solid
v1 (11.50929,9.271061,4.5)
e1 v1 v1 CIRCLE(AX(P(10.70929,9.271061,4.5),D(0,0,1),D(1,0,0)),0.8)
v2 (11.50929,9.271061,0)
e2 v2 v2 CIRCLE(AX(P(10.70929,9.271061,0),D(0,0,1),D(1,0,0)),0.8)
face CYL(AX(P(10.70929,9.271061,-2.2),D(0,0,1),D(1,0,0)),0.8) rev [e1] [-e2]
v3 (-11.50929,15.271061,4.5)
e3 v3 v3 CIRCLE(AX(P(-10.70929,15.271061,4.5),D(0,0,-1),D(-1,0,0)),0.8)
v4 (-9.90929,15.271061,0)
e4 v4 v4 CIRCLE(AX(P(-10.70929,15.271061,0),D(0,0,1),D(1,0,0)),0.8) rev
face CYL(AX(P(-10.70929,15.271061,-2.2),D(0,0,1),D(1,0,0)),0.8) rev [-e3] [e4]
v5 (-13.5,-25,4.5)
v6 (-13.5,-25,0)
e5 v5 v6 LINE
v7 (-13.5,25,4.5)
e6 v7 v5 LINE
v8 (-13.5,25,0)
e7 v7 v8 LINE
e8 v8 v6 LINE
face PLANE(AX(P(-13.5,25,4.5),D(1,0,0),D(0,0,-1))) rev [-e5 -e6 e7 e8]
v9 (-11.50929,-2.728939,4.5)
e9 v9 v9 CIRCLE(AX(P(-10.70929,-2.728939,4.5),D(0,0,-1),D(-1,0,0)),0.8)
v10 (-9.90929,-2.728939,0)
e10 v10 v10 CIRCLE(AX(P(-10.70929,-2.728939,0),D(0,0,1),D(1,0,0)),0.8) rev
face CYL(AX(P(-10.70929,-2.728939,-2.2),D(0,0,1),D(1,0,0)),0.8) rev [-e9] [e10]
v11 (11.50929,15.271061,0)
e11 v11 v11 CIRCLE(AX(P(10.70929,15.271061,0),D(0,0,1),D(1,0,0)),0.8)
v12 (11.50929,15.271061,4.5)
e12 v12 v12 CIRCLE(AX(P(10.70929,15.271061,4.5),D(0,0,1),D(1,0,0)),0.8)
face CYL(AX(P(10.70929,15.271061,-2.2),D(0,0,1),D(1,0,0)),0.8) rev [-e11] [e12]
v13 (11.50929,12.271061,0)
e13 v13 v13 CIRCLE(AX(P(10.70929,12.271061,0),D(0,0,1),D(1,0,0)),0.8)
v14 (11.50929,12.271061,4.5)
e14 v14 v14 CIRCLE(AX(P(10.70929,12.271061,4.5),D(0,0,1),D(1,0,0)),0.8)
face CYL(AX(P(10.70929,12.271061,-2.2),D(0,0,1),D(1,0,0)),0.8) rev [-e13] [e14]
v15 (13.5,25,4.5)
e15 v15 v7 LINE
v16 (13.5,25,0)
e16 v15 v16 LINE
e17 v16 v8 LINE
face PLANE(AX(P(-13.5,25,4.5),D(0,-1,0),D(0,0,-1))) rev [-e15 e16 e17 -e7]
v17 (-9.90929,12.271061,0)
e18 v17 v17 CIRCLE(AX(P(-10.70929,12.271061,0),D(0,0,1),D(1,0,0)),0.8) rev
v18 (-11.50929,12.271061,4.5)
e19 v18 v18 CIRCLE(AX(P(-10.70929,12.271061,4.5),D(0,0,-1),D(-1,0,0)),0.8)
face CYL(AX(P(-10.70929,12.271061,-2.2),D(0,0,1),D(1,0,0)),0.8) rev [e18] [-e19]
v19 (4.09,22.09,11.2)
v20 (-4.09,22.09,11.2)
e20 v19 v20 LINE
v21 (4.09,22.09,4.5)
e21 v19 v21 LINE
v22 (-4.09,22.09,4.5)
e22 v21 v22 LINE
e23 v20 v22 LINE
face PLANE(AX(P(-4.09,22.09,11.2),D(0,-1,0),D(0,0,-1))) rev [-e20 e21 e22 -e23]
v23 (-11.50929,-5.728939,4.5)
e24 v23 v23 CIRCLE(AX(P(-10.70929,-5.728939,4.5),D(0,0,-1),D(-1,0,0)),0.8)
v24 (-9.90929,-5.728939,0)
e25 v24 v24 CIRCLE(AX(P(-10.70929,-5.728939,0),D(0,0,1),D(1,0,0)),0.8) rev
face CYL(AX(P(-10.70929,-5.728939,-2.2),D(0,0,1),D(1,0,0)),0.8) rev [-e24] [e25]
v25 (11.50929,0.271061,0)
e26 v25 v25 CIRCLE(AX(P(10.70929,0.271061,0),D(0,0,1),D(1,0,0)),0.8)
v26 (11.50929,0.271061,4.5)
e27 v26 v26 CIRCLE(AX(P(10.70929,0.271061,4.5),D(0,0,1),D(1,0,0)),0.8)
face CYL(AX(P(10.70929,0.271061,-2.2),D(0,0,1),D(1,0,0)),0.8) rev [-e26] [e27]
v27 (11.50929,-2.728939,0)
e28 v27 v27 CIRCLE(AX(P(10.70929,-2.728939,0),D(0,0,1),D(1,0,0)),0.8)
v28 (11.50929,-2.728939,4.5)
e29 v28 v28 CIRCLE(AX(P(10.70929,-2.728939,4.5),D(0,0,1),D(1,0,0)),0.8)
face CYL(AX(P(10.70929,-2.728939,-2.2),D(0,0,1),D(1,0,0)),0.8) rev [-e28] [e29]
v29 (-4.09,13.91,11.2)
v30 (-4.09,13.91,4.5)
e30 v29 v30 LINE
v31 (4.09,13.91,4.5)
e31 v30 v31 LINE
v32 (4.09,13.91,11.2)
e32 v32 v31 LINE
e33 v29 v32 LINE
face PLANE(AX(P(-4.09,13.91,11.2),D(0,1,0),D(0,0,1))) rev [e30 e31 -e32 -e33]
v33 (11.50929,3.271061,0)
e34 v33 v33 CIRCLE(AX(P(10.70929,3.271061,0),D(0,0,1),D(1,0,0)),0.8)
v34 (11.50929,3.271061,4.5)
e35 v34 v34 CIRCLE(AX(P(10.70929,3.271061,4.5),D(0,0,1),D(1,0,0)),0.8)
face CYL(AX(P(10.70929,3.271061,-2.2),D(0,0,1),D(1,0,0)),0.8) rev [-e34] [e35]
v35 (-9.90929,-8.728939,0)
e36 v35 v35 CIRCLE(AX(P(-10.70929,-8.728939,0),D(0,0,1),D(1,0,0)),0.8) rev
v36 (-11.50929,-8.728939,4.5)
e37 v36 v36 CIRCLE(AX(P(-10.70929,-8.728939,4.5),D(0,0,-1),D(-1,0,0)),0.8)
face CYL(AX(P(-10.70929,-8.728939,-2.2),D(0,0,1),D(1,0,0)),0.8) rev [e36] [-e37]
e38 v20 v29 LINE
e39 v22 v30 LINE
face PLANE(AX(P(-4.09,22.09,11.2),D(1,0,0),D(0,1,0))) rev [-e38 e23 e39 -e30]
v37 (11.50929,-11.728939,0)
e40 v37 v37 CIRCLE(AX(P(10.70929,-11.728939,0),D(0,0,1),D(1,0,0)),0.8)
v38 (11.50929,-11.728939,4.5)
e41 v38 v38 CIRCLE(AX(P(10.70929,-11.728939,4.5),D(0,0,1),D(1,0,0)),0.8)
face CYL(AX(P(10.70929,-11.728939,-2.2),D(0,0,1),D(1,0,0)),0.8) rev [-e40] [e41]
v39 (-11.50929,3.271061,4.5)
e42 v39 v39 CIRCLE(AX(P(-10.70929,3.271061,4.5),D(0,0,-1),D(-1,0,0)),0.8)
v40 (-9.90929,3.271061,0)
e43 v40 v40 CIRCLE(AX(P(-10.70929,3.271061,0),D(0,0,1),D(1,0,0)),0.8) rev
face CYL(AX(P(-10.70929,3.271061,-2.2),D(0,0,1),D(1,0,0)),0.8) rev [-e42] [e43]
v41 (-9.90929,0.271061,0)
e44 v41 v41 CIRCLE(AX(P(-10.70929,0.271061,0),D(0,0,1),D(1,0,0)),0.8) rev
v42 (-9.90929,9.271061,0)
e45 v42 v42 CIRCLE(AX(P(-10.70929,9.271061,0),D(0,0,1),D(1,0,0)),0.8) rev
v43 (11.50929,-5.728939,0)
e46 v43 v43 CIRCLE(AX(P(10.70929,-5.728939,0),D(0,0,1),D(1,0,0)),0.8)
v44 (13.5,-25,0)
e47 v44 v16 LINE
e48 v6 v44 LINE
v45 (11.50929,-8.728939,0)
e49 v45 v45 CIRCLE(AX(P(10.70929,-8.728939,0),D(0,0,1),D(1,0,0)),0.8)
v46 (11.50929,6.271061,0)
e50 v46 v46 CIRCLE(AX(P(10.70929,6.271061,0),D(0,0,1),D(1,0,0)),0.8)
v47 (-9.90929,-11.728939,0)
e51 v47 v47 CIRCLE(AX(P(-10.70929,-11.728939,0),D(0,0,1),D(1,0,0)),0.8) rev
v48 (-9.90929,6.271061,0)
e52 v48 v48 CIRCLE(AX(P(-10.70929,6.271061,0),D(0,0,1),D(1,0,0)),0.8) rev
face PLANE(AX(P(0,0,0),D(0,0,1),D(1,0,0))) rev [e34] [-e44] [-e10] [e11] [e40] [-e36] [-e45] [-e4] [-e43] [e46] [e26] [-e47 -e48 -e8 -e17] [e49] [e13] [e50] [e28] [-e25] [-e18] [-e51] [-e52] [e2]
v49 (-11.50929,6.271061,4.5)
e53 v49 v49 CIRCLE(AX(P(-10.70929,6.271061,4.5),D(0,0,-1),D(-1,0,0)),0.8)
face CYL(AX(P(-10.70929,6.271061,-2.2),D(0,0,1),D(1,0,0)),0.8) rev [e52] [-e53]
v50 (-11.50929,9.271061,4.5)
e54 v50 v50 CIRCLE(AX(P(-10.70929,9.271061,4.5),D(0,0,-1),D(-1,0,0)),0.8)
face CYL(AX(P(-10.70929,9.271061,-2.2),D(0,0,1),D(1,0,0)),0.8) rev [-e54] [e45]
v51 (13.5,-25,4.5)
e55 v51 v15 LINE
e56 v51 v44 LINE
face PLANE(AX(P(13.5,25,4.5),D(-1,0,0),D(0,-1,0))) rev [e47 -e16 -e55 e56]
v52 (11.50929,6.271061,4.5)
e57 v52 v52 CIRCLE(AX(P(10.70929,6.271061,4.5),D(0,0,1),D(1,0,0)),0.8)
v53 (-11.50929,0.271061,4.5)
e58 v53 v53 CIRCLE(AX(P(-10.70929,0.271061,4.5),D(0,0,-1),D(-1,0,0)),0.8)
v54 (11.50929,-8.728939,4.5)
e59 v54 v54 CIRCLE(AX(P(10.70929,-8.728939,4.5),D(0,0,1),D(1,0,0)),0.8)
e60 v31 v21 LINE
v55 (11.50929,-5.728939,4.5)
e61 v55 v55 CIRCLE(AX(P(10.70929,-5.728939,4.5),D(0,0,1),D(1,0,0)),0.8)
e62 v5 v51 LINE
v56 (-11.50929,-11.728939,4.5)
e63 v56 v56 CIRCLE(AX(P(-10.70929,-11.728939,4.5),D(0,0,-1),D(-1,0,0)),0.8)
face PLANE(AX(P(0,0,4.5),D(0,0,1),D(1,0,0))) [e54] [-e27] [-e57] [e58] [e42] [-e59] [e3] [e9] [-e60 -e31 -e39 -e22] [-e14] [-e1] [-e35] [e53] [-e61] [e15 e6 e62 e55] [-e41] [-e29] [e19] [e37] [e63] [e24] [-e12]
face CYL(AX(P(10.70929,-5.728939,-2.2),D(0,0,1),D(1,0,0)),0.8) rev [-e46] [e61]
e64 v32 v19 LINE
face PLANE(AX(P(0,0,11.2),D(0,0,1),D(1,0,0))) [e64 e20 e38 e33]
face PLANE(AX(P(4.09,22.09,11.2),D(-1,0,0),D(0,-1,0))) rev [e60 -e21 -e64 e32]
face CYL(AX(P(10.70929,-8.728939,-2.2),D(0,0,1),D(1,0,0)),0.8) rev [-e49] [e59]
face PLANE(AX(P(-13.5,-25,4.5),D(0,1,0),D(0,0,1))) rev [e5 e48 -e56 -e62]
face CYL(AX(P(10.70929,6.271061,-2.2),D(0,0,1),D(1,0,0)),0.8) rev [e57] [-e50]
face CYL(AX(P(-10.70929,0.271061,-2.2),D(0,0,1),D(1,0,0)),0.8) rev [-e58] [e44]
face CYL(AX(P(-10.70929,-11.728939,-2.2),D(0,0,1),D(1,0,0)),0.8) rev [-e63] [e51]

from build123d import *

# Parameters (mm, degrees)
SKETCH1_W           = 27
SKETCH1_H           = 50
BOSS_EXTRUDE1_DEPTH = 4.5
SKETCH2_W           = 8.18
SKETCH2_H           = 8.18
BOSS_EXTRUDE2_DEPTH = 6.7
SKETCH3_R           = 0.8
CUT_EXTRUDE1_DEPTH  = 6.7


with BuildPart() as part:
    # Sketch1 → Boss-Extrude1 (new body)
    with BuildSketch(Plane.XY):
        Rectangle(SKETCH1_W, SKETCH1_H)
    extrude(amount=BOSS_EXTRUDE1_DEPTH)

    # Sketch2 → Boss-Extrude2 (add)
    with BuildSketch(Plane.XY.offset(4.5)):
        with Locations((0, 18)):
            Rectangle(SKETCH2_W, SKETCH2_H)
    extrude(amount=BOSS_EXTRUDE2_DEPTH)

    # Sketch3 → Cut-Extrude1 (cut)
    with BuildSketch(Plane.XY.offset(4.5)):
        with Locations((10.7092899, 15.271061343)):
            Circle(SKETCH3_R)
        with Locations((10.7092899, 12.271061343)):
            Circle(SKETCH3_R)
        with Locations((10.7092899, 9.271061343)):
            Circle(SKETCH3_R)
        with Locations((10.7092899, 6.271061343)):
            Circle(SKETCH3_R)
        with Locations((10.7092899, 3.271061343)):
            Circle(SKETCH3_R)
        with Locations((10.7092899, 0.271061343)):
            Circle(SKETCH3_R)
        with Locations((10.7092899, -2.728938657)):
            Circle(SKETCH3_R)
        with Locations((10.7092899, -5.728938657)):
            Circle(SKETCH3_R)
        with Locations((10.7092899, -8.728938657)):
            Circle(SKETCH3_R)
        with Locations((10.7092899, -11.728938657)):
            Circle(SKETCH3_R)
    cut_extrude1 = extrude(amount=-CUT_EXTRUDE1_DEPTH, mode=Mode.SUBTRACT)

    # Mirror1: Cut-Extrude1 across plane
    add(cut_extrude1.mirror(Plane(origin=(0, 0, 0), x_dir=(0, 0, 1), z_dir=(1, 0, 0))), mode=Mode.SUBTRACT)


solid = part.part
